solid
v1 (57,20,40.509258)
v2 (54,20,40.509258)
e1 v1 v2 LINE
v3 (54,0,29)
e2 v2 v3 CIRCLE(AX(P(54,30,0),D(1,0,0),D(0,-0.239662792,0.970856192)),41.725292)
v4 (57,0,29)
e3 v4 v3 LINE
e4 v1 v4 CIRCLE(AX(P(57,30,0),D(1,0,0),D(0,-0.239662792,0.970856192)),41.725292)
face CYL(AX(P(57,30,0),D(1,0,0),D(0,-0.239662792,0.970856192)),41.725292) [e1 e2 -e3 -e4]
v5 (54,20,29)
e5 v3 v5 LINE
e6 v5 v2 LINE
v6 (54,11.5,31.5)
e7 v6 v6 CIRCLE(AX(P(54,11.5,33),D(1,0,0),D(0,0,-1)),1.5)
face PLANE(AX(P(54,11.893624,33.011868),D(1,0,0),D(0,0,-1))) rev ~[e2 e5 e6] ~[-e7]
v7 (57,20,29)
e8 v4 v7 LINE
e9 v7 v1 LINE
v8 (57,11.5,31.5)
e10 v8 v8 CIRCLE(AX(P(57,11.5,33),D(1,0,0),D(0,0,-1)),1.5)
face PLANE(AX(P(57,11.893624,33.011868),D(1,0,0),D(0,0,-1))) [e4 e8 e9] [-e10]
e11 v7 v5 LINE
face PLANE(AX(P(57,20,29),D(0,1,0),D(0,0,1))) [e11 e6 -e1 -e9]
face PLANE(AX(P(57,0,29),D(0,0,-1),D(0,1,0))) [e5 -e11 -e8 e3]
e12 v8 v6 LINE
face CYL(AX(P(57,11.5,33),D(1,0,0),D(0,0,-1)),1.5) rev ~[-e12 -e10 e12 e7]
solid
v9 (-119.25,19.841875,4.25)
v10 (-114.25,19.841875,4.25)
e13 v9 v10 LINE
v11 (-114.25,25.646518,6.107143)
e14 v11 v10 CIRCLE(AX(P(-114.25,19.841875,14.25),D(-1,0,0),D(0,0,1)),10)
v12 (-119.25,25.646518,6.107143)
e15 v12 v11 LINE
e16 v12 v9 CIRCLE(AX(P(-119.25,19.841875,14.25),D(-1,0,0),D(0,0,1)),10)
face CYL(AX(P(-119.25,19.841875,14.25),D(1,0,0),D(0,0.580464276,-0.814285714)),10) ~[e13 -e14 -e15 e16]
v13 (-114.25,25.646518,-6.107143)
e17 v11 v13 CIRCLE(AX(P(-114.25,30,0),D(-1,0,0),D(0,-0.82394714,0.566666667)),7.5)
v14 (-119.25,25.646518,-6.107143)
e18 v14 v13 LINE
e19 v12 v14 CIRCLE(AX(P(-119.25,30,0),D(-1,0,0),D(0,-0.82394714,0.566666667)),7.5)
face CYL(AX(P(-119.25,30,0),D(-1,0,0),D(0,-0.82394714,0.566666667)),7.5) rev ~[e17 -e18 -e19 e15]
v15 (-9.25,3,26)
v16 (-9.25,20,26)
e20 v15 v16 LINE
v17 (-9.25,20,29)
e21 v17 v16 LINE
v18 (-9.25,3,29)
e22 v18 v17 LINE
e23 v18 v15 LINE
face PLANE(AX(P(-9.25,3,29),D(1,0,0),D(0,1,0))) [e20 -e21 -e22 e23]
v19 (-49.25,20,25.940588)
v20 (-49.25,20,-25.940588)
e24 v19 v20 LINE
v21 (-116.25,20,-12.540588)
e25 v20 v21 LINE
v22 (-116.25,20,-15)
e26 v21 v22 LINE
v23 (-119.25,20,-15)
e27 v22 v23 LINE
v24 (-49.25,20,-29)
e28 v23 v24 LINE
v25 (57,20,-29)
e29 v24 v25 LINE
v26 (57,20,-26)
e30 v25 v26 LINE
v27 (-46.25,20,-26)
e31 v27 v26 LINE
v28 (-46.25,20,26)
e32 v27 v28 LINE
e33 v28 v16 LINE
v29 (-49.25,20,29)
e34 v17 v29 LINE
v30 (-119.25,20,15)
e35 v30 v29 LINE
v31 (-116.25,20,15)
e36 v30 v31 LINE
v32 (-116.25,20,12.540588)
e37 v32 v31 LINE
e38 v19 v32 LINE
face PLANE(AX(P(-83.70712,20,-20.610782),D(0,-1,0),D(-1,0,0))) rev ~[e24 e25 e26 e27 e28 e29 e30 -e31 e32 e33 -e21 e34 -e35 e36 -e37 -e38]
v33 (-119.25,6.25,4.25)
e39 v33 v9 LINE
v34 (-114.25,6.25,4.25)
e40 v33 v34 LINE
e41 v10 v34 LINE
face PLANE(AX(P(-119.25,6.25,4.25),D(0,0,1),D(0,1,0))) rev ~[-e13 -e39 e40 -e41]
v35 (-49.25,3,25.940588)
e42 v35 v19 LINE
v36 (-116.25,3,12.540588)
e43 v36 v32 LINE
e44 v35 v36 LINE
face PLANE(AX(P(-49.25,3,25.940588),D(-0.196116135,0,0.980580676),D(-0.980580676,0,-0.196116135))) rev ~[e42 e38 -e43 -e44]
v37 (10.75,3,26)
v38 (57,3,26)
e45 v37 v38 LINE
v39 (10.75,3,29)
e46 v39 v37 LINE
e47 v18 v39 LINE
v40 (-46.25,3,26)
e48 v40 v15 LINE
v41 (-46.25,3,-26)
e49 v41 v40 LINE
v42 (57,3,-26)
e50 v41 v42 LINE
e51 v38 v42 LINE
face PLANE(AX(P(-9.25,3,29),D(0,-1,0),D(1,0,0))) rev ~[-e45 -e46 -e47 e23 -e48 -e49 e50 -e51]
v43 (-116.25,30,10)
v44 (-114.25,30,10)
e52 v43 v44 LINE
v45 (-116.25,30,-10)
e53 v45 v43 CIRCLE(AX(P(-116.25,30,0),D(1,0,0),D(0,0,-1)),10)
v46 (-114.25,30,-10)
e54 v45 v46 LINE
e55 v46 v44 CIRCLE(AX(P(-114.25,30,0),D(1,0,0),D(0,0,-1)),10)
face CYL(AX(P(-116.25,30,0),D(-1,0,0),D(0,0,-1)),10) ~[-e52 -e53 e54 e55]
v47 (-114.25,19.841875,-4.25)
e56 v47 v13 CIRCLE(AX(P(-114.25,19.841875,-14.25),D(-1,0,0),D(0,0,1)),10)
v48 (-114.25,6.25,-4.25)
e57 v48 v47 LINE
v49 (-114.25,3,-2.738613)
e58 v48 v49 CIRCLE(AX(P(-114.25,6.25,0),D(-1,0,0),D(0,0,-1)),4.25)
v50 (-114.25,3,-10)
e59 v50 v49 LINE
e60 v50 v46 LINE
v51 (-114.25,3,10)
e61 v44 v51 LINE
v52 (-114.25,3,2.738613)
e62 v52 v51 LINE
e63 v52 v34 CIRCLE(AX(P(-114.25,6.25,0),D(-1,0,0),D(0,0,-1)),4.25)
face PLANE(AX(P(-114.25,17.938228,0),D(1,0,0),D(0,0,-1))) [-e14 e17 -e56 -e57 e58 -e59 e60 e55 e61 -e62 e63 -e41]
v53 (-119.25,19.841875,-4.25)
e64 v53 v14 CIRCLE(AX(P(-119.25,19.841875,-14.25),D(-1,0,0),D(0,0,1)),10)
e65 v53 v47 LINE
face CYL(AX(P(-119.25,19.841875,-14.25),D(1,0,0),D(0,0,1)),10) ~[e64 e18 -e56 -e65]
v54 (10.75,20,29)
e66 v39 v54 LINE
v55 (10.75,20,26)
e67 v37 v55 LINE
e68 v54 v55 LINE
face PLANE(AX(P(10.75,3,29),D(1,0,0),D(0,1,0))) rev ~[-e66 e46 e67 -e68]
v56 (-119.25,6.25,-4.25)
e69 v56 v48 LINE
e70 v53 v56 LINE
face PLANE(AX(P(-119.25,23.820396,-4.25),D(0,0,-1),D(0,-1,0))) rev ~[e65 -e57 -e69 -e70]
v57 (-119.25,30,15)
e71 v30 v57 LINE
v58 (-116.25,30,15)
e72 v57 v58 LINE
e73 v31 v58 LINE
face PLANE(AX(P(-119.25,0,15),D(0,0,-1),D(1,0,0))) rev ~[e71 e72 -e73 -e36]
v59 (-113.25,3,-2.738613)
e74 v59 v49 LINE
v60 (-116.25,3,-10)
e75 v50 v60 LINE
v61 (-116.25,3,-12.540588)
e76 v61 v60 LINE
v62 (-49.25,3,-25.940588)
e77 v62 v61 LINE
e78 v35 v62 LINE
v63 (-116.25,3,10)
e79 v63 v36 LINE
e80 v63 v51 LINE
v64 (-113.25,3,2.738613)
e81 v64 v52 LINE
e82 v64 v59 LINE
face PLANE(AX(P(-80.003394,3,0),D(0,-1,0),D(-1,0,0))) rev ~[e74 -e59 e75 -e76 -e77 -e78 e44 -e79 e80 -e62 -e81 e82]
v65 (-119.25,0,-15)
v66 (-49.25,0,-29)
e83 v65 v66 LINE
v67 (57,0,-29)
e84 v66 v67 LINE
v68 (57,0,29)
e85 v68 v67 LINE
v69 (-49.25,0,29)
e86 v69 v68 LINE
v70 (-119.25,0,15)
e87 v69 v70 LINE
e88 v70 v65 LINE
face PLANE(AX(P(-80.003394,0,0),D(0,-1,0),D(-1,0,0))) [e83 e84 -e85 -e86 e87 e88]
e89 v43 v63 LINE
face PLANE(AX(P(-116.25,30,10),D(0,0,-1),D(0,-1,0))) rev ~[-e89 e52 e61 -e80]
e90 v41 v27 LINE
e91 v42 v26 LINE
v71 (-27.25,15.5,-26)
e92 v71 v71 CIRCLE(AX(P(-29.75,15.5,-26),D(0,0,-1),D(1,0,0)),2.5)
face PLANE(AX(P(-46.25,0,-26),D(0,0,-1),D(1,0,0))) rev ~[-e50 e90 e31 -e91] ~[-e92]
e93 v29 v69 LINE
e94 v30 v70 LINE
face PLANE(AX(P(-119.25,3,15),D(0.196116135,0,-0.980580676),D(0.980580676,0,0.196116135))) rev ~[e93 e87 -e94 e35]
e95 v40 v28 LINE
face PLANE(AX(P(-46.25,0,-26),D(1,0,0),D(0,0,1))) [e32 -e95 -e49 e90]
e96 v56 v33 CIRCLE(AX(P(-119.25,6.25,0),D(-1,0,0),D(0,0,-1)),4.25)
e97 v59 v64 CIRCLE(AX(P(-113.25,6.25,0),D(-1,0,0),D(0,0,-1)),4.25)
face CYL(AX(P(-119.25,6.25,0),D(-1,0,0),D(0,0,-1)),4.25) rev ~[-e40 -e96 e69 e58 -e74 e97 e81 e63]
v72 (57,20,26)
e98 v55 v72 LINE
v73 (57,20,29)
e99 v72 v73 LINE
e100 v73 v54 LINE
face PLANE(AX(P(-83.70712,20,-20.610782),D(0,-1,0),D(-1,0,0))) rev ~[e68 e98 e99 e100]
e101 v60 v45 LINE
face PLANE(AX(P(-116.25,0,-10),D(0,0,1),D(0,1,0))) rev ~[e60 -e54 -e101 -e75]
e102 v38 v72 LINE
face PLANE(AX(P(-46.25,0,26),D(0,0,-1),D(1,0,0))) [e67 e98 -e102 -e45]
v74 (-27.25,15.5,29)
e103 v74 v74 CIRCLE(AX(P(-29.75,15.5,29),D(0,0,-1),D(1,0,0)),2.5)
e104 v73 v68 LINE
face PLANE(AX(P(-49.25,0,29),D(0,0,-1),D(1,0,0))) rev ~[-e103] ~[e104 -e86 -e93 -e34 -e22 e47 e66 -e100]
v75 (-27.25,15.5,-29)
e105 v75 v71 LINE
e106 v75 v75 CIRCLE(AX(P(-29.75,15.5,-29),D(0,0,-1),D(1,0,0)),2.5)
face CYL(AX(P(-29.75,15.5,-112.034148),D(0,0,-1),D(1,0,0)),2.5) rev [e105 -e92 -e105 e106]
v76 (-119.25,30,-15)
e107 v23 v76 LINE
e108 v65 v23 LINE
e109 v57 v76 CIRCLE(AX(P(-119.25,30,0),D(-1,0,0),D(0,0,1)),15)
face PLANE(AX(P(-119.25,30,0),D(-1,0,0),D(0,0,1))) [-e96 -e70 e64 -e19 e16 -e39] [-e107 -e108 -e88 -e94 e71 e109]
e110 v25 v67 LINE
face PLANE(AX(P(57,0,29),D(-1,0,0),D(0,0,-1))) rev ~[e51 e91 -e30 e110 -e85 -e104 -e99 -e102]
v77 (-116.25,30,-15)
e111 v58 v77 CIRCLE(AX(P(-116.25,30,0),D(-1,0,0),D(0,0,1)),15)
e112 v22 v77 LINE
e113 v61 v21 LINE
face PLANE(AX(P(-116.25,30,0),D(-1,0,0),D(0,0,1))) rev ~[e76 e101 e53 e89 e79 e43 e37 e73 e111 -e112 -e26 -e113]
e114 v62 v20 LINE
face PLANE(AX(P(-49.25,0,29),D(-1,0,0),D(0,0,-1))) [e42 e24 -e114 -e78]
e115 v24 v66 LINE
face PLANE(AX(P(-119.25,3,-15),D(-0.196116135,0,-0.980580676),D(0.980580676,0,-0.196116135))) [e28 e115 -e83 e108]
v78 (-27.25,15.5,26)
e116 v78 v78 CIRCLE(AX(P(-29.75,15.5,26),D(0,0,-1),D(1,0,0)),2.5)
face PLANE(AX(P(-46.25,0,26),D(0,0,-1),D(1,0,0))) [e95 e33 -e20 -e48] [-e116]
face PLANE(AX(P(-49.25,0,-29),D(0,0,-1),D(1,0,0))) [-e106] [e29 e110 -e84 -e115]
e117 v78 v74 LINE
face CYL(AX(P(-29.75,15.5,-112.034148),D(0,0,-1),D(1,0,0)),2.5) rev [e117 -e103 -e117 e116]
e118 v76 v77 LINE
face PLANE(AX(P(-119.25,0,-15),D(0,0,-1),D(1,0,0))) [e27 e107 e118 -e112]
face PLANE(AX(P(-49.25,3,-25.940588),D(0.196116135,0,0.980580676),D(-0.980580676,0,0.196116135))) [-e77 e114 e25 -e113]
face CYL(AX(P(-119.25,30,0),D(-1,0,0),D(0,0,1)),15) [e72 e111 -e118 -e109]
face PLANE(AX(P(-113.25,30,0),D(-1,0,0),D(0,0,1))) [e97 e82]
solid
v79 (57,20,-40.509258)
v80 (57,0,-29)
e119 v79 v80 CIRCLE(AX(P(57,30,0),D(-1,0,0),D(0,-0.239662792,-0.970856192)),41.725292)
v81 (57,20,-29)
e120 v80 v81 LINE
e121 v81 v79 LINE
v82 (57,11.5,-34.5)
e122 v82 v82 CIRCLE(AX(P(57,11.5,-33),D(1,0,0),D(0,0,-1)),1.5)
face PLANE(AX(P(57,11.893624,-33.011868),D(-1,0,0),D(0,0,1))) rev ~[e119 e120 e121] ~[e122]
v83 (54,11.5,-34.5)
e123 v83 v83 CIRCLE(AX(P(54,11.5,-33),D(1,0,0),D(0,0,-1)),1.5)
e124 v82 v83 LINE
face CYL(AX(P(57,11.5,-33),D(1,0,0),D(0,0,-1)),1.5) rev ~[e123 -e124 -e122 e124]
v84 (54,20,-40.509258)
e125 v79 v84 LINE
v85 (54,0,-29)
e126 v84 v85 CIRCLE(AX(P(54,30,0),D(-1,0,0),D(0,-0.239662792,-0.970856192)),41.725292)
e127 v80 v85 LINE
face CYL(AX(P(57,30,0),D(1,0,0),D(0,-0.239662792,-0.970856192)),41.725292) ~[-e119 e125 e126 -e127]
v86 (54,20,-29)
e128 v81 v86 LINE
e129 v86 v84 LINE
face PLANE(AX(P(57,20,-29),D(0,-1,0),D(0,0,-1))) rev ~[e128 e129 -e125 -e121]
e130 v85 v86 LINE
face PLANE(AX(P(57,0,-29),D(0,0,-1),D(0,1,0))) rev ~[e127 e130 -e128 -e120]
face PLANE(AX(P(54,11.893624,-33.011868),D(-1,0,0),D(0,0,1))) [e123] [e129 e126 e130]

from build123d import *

# Parameters (mm, degrees)
SKETCH2_W               = 106.25
SKETCH2_H               = 58
BOSS_EXTRUDE1_DEPTH     = 3
SKETCH3_W               = 103.25
SKETCH3_H               = 3
BOSS_EXTRUDE2_DEPTH     = 20
SKETCH4_W               = 3
SKETCH4_H               = 30
BOSS_EXTRUDE3_DEPTH     = 30
BOSS_EXTRUDE4_DEPTH     = 17
SKETCH6_R               = 15
BOSS_EXTRUDE5_DEPTH     = 3
SKETCH19_R              = 1.5
BOSS_EXTRUDE9_DEPTH     = 2
CUT_EXTRUDE3_DEPTH      = 141.034147621
CUT_EXTRUDE3_DEPTH_BACK = 141.034147621
SKETCH10_R              = 2.5
SKETCH16_R              = 1.5
BOSS_EXTRUDE8_DEPTH     = 3
BOSS_EXTRUDE8_2_DEPTH   = 3
SKETCH18_W              = 20
SKETCH18_H              = 17
CUT_EXTRUDE5_DEPTH      = 3
SKETCH20_R              = 7.5
CUT_EXTRUDE6_DEPTH      = 6
FILLET1_R               = 10


with BuildPart() as part:
    # Sketch2 → Boss-Extrude1 (new body)
    with BuildSketch(Plane(origin=(0, 0, 0), x_dir=(1, 0, 0), z_dir=(0, 1, 0))):
        Polygon((-119.25, 15), (-49.25, 29), (-49.25, -29), (-119.25, -15), align=None)
        with Locations((3.875, 0)):
            Rectangle(SKETCH2_W, SKETCH2_H)
    extrude(amount=BOSS_EXTRUDE1_DEPTH)

    # Sketch3 → Boss-Extrude2 (add)
    with BuildSketch(Plane.XZ):
        with Locations((5.375, 27.5)):
            Rectangle(SKETCH3_W, SKETCH3_H)
        Polygon((-46.25, 29), (-49.25, 29), (-49.25, 25.940588292), (-49.25, -25.940588292), (-49.25, -29), (-46.25, -29), (-46.25, -26), (-46.25, 26), align=None)
        with Locations((5.375, -27.5)):
            Rectangle(SKETCH3_W, SKETCH3_H)
    extrude(amount=-BOSS_EXTRUDE2_DEPTH)

    # Sketch4 → Boss-Extrude3 (add)
    with BuildSketch(Plane.XZ):
        with Locations((-117.75, 0)):
            Rectangle(SKETCH4_W, SKETCH4_H)
    extrude(amount=-BOSS_EXTRUDE3_DEPTH)

    # Sketch5 → Boss-Extrude4 (add)
    with BuildSketch(Plane(origin=(0, 3, 0), x_dir=(1, 0, 0), z_dir=(0, 1, 0))):
        Polygon((-49.25, 25.940588292), (-116.25, 12.540588292), (-119.25, 15), (-49.25, 29), align=None)
        Polygon((-49.25, -25.940588292), (-116.25, -12.540588292), (-119.25, -15), (-49.25, -29), align=None)
    extrude(amount=BOSS_EXTRUDE4_DEPTH)

    # Sketch6 → Boss-Extrude5 (add)
    with BuildSketch(Plane.ZY.offset(119.25)):
        with Locations((0, 30)):
            Circle(SKETCH6_R)
    extrude(amount=-BOSS_EXTRUDE5_DEPTH)

    # Sketch19 → Boss-Extrude9 (add)
    with BuildSketch(Plane(origin=(-116.25, 0, 0), x_dir=(0, 0, -1), z_dir=(1, 0, 0))):
        with BuildLine():
            Line((-9.999999939, 30), (-9.999999939, 0))
            Line((-9.999999939, 0), (9.999999939, 0))
            Line((9.999999939, 0), (9.999999939, 30))
            ThreePointArc((9.999999939, 30), (0, 39.999999939), (-9.999999939, 30))
        make_face()
        with Locations((0, 30)):
            Circle(SKETCH19_R, mode=Mode.SUBTRACT)
    extrude(amount=BOSS_EXTRUDE9_DEPTH)

    # Sketch10 → Cut-Extrude3 (cut, two sides: drawn at the far end of the back side and taken through both)
    with BuildSketch(Plane.XY.offset(29).offset(-CUT_EXTRUDE3_DEPTH_BACK)):
        with Locations((-29.75, 15.5)):
            Circle(SKETCH10_R)
    extrude(amount=CUT_EXTRUDE3_DEPTH + CUT_EXTRUDE3_DEPTH_BACK, mode=Mode.SUBTRACT)

    # Sketch18 → Cut-Extrude5 (cut)
    with BuildSketch(Plane.XY.offset(29)):
        with Locations((0.75, 11.5)):
            Rectangle(SKETCH18_W, SKETCH18_H)
    extrude(amount=-CUT_EXTRUDE5_DEPTH, mode=Mode.SUBTRACT)

    # Sketch20 → Cut-Extrude6 (cut)
    with BuildSketch(Plane.ZY.offset(119.25)):
        with Locations((0, 30)):
            Circle(SKETCH20_R)
        with BuildLine():
            Line((-4.25, 30), (-4.25, 6.25))
            ThreePointArc((-4.25, 6.25), (0, 2), (4.25, 6.25))
            Line((4.25, 6.25), (4.25, 30))
            ThreePointArc((4.25, 30), (0, 34.25), (-4.25, 30))
        make_face()
    extrude(amount=-CUT_EXTRUDE6_DEPTH, mode=Mode.SUBTRACT)

    # Fillet1
    fillet1_edges = [part.edges().sort_by_distance(p)[0] for p in [
        (-116.75, 23.820396453, -4.25),
        (-116.75, 23.820396453, 4.25),
    ]]
    fillet(fillet1_edges, radius=FILLET1_R)


with BuildPart() as body_2:
    # Sketch16 → Boss-Extrude8 (new body)
    with BuildSketch(Plane(origin=(57, 0, 0), x_dir=(0, 0, -1), z_dir=(1, 0, 0))):
        with BuildLine():
            Line((-29, 20), (-40.509258201, 20))
            ThreePointArc((-40.509258201, 20), (-36.164682273, 9.188566698), (-29, 0))
            Line((-29, 0), (-29, 20))
        make_face()
        with Locations((-33, 11.5)):
            Circle(SKETCH16_R, mode=Mode.SUBTRACT)
    extrude(amount=-BOSS_EXTRUDE8_DEPTH)


with BuildPart() as body_3:
    # Sketch16 → Boss-Extrude8 2 (new body)
    with BuildSketch(Plane(origin=(57, 0, 0), x_dir=(0, 0, -1), z_dir=(1, 0, 0))):
        with BuildLine():
            Line((29, 20), (40.509258201, 20))
            ThreePointArc((40.509258201, 20), (36.164682273, 9.188566698), (29, 0))
            Line((29, 0), (29, 20))
        make_face()
        with Locations((33, 11.5)):
            Circle(SKETCH16_R, mode=Mode.SUBTRACT)
    extrude(amount=-BOSS_EXTRUDE8_2_DEPTH)


solid = Compound([part.part, body_2.part, body_3.part])
